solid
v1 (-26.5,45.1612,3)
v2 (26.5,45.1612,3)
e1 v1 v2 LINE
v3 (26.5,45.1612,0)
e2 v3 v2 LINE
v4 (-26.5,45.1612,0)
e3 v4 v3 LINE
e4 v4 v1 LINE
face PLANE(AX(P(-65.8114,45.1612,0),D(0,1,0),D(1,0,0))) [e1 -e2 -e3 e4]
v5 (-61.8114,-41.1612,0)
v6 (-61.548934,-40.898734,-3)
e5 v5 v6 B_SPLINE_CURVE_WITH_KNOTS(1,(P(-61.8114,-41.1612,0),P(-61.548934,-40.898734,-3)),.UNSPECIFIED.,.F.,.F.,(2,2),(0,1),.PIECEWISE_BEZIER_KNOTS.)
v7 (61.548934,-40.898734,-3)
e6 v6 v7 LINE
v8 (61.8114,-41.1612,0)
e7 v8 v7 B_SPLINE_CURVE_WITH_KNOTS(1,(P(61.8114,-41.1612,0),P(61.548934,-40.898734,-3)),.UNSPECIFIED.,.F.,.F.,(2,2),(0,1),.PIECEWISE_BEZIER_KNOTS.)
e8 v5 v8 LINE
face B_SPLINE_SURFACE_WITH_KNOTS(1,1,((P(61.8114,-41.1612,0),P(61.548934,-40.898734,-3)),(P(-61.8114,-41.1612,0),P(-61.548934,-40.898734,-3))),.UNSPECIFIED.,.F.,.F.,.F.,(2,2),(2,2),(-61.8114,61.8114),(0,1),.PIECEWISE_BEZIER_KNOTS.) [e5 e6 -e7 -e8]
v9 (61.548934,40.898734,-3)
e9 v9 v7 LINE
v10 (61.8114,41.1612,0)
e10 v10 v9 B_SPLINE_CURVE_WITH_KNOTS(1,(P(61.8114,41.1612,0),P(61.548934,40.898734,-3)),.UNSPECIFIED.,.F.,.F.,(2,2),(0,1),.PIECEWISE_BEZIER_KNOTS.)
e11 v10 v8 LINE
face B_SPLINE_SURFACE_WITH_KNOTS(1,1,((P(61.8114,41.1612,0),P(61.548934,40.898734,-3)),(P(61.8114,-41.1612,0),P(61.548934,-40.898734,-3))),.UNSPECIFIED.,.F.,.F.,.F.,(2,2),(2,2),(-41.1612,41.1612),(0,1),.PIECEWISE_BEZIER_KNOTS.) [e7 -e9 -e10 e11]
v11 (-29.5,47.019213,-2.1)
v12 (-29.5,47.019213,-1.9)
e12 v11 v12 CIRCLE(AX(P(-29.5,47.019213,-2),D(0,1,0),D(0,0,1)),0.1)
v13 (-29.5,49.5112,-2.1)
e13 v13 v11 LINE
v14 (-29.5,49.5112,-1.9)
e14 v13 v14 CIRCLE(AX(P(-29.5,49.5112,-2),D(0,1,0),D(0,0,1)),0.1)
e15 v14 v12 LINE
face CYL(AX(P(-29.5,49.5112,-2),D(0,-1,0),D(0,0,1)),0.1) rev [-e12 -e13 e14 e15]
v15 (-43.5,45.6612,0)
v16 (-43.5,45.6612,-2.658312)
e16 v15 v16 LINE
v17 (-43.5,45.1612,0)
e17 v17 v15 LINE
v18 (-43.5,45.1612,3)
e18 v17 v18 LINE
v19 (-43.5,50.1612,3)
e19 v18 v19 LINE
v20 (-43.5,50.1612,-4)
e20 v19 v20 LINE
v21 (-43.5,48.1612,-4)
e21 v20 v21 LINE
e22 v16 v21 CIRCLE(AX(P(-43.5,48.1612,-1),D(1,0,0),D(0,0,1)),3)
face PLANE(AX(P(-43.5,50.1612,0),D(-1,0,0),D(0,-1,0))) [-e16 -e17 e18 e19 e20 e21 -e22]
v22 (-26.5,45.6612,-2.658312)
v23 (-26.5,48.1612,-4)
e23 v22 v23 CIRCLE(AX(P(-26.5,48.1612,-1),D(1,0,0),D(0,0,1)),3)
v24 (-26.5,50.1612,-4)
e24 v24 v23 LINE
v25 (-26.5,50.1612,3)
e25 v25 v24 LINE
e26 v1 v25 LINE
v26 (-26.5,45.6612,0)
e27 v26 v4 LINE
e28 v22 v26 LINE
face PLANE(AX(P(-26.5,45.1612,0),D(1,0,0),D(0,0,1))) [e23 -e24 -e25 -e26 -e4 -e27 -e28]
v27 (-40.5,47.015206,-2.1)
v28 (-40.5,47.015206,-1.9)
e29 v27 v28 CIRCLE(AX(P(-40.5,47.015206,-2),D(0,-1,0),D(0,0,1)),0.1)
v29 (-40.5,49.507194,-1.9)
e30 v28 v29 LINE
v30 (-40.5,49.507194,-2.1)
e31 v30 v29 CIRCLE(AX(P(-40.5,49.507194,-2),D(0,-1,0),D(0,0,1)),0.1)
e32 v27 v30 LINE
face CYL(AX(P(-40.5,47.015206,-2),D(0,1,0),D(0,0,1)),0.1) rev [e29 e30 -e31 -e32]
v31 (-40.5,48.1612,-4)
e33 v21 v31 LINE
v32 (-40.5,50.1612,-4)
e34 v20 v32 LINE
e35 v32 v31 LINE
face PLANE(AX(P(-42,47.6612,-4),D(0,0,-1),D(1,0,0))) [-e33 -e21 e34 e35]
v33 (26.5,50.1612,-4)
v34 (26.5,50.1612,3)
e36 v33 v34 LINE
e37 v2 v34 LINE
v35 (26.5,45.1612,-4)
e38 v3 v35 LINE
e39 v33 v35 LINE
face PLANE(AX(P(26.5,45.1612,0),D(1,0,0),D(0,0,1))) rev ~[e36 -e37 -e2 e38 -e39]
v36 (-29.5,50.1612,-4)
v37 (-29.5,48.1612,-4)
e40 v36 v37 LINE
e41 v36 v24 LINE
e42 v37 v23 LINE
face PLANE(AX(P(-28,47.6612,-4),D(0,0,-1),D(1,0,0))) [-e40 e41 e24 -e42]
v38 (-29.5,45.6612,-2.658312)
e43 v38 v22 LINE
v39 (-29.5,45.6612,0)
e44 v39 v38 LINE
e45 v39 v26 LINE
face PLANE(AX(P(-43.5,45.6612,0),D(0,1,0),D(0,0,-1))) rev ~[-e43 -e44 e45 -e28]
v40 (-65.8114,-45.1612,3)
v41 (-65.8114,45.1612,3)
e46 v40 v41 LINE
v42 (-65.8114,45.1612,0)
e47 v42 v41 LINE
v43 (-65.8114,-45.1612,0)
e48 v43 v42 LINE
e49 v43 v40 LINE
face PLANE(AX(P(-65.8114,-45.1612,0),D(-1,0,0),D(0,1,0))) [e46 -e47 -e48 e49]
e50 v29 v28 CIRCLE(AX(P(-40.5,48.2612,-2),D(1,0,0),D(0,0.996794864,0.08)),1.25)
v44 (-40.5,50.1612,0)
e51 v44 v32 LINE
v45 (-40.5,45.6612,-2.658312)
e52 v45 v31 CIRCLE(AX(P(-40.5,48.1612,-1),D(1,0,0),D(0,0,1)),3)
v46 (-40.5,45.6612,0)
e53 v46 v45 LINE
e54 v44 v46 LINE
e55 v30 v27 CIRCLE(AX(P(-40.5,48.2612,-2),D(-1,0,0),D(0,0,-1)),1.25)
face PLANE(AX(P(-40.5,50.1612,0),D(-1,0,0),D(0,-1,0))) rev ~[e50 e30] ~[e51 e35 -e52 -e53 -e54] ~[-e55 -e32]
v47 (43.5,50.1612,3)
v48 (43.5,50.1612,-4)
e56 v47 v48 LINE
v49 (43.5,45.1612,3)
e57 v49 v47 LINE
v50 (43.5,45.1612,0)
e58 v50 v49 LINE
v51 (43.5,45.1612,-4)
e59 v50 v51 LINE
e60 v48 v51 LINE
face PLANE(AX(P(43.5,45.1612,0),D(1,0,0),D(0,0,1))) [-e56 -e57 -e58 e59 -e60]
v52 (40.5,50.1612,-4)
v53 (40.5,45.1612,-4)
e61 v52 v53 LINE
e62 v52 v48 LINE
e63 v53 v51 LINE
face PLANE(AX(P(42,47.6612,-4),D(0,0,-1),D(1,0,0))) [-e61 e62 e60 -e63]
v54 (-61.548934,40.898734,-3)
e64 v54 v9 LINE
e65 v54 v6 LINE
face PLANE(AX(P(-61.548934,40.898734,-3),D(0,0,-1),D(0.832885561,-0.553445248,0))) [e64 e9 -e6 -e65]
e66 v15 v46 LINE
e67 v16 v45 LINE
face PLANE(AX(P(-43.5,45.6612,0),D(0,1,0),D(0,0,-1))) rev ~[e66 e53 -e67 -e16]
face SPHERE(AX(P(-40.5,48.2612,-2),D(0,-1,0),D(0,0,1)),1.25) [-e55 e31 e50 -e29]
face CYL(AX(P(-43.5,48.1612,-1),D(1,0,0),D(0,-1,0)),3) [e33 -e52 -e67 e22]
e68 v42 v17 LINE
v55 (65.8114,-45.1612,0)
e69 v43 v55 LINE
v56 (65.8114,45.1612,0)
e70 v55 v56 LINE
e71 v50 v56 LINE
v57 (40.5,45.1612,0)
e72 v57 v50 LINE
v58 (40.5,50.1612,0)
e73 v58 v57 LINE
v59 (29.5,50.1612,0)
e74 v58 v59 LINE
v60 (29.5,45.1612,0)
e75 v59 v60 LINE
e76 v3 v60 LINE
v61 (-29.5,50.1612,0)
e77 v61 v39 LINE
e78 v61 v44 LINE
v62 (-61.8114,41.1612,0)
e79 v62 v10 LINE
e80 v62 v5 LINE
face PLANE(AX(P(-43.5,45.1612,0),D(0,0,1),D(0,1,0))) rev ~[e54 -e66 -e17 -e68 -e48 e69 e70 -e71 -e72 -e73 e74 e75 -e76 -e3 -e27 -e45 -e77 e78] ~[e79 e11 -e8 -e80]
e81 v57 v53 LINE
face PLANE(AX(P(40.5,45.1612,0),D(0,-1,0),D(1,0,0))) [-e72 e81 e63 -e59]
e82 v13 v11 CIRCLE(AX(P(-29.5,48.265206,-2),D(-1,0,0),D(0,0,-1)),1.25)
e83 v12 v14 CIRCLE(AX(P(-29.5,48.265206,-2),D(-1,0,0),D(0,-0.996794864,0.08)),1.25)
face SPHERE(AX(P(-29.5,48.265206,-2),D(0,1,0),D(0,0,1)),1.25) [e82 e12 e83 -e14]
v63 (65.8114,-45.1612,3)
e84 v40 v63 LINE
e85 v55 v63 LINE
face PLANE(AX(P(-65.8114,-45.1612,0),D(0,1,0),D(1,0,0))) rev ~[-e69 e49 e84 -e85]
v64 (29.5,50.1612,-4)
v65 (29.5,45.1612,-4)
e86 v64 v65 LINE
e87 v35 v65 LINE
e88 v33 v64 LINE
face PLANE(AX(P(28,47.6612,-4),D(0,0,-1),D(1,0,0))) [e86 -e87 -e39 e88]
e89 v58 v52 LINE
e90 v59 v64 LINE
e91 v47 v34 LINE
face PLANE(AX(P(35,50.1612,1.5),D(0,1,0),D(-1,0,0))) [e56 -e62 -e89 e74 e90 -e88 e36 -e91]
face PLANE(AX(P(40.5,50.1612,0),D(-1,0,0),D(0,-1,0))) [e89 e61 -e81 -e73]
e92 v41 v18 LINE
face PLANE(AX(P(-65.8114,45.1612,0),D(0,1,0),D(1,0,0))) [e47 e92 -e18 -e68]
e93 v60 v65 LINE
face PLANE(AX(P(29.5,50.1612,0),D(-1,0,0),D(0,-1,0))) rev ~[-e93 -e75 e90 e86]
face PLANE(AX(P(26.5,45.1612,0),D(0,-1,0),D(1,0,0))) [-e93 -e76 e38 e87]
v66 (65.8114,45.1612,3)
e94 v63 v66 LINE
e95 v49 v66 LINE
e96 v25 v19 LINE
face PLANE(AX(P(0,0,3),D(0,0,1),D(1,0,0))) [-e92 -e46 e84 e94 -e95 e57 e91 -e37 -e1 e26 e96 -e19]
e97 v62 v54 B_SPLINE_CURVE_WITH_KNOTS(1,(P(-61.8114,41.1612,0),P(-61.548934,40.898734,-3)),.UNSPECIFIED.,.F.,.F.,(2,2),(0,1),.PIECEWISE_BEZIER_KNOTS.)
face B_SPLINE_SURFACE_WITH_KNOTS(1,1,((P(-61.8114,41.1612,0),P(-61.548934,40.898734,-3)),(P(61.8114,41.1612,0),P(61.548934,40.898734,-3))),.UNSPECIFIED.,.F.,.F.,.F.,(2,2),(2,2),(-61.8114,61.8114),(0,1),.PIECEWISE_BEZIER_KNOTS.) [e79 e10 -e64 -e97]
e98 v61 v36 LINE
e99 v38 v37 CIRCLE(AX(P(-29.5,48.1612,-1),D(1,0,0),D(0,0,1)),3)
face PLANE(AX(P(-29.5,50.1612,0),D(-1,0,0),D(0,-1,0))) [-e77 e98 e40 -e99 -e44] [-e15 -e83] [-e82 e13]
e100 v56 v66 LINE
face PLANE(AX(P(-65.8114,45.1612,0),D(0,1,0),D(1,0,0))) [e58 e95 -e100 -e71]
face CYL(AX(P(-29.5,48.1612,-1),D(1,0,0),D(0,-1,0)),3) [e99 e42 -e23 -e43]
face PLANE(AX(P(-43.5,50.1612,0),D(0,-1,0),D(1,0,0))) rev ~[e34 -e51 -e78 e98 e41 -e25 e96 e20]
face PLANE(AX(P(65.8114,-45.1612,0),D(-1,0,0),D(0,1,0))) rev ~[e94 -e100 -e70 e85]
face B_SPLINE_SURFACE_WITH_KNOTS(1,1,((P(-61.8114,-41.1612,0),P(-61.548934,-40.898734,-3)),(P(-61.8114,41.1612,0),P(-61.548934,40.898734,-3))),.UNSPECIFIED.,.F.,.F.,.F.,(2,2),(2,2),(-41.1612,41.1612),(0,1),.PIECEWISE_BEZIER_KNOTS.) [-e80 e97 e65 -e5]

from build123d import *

# Parameters (mm, degrees)
F0_W      = 131.6228
F0_H      = 90.3224
F1_DEPTH  = 3
F2_W      = 123.6228
F2_H      = 82.3224
F3_DEPTH  = 3
F3_TAPER  = 5
F4_W      = 17
F4_H      = 3
F5_DEPTH  = 5
F6_W      = 3
F6_H      = 5
F7_DEPTH  = 4
F8_R      = 3
F10_DEPTH = 25


with BuildPart() as f1:
    # F0 (on Top) → F1 (new body)
    with BuildSketch(Plane.XY):
        Rectangle(F0_W, F0_H)
    extrude(amount=F1_DEPTH)

    # F2 (on face) → F3 (join)
    with BuildSketch(Plane(origin=(0, 0, 0), x_dir=(1, 0, 0), z_dir=(0, 0, -1))):
        Rectangle(F2_W, F2_H)
    extrude(amount=F3_DEPTH, taper=F3_TAPER)

    # F4 (on face) → F5 (join)
    with BuildSketch(Plane(origin=(0, 45.1612, 0), x_dir=(-1, 0, 0), z_dir=(0, 1, 0))):
        with Locations((35, 1.5)):
            Rectangle(F4_W, F4_H)
        with Locations((-35, 1.5)):
            Rectangle(F4_W, F4_H)
    extrude(amount=F5_DEPTH)

    # F6 (on face) → F7 (join)
    with BuildSketch(Plane(origin=(0, 0, 0), x_dir=(1, 0, 0), z_dir=(0, 0, -1))):
        with Locations((-42, -47.6612)):
            Rectangle(F6_W, F6_H)
        with Locations((-28, -47.6612)):
            Rectangle(F6_W, F6_H)
        with Locations((28, -47.6612)):
            Rectangle(F6_W, F6_H)
        with Locations((42, -47.6612)):
            Rectangle(F6_W, F6_H)
    extrude(amount=F7_DEPTH)

    # F8
    f8_edges = [f1.edges().sort_by_distance(p)[0] for p in [
        (-42, 45.1612, -4),
        (-28, 45.1612, -4),
    ]]
    fillet(f8_edges, radius=F8_R)

    # F9 (on face) → F10 (cut)
    with BuildSketch(Plane(origin=(-43.5, 0, 0), x_dir=(0, -1, 0), z_dir=(-1, 0, 0))):
        with BuildLine():
            Line((-45.1612, -1), (-45.1612, 0))
            Line((-45.1612, 0), (-45.6612, 0))
            Line((-45.6612, 0), (-45.6612, -2.6583123952))
            ThreePointArc((-45.6612, -2.6583123952), (-45.2889186767, -1.8660254038), (-45.1612, -1))
        make_face()
    extrude(amount=-F10_DEPTH, mode=Mode.SUBTRACT)

    # F11 (on face) → F12 (revolve)
    with BuildSketch(Plane.YZ.offset(-40.5)):
        with BuildLine():
            Line((47.0152064206, -1.9), (49.5071935794, -1.9))
            ThreePointArc((49.5071935794, -1.9), (48.2612, -0.75), (47.0152064206, -1.9))
        make_face()
    revolve(axis=Axis((-40.5, 47.9112, -2), (0, -1, 0)))

    # F13 (on face) → F14 (revolve)
    with BuildSketch(Plane(origin=(-29.5, 0, 0), x_dir=(0, -1, 0), z_dir=(-1, 0, 0))):
        with BuildLine():
            Line((-49.5112, -1.9), (-47.0192128411, -1.9))
            ThreePointArc((-47.0192128411, -1.9), (-48.2652064206, -0.75), (-49.5112, -1.9))
        make_face()
    revolve(axis=Axis((-29.5, 47.9112, -2), (0, 1, 0)))


solid = f1.part
